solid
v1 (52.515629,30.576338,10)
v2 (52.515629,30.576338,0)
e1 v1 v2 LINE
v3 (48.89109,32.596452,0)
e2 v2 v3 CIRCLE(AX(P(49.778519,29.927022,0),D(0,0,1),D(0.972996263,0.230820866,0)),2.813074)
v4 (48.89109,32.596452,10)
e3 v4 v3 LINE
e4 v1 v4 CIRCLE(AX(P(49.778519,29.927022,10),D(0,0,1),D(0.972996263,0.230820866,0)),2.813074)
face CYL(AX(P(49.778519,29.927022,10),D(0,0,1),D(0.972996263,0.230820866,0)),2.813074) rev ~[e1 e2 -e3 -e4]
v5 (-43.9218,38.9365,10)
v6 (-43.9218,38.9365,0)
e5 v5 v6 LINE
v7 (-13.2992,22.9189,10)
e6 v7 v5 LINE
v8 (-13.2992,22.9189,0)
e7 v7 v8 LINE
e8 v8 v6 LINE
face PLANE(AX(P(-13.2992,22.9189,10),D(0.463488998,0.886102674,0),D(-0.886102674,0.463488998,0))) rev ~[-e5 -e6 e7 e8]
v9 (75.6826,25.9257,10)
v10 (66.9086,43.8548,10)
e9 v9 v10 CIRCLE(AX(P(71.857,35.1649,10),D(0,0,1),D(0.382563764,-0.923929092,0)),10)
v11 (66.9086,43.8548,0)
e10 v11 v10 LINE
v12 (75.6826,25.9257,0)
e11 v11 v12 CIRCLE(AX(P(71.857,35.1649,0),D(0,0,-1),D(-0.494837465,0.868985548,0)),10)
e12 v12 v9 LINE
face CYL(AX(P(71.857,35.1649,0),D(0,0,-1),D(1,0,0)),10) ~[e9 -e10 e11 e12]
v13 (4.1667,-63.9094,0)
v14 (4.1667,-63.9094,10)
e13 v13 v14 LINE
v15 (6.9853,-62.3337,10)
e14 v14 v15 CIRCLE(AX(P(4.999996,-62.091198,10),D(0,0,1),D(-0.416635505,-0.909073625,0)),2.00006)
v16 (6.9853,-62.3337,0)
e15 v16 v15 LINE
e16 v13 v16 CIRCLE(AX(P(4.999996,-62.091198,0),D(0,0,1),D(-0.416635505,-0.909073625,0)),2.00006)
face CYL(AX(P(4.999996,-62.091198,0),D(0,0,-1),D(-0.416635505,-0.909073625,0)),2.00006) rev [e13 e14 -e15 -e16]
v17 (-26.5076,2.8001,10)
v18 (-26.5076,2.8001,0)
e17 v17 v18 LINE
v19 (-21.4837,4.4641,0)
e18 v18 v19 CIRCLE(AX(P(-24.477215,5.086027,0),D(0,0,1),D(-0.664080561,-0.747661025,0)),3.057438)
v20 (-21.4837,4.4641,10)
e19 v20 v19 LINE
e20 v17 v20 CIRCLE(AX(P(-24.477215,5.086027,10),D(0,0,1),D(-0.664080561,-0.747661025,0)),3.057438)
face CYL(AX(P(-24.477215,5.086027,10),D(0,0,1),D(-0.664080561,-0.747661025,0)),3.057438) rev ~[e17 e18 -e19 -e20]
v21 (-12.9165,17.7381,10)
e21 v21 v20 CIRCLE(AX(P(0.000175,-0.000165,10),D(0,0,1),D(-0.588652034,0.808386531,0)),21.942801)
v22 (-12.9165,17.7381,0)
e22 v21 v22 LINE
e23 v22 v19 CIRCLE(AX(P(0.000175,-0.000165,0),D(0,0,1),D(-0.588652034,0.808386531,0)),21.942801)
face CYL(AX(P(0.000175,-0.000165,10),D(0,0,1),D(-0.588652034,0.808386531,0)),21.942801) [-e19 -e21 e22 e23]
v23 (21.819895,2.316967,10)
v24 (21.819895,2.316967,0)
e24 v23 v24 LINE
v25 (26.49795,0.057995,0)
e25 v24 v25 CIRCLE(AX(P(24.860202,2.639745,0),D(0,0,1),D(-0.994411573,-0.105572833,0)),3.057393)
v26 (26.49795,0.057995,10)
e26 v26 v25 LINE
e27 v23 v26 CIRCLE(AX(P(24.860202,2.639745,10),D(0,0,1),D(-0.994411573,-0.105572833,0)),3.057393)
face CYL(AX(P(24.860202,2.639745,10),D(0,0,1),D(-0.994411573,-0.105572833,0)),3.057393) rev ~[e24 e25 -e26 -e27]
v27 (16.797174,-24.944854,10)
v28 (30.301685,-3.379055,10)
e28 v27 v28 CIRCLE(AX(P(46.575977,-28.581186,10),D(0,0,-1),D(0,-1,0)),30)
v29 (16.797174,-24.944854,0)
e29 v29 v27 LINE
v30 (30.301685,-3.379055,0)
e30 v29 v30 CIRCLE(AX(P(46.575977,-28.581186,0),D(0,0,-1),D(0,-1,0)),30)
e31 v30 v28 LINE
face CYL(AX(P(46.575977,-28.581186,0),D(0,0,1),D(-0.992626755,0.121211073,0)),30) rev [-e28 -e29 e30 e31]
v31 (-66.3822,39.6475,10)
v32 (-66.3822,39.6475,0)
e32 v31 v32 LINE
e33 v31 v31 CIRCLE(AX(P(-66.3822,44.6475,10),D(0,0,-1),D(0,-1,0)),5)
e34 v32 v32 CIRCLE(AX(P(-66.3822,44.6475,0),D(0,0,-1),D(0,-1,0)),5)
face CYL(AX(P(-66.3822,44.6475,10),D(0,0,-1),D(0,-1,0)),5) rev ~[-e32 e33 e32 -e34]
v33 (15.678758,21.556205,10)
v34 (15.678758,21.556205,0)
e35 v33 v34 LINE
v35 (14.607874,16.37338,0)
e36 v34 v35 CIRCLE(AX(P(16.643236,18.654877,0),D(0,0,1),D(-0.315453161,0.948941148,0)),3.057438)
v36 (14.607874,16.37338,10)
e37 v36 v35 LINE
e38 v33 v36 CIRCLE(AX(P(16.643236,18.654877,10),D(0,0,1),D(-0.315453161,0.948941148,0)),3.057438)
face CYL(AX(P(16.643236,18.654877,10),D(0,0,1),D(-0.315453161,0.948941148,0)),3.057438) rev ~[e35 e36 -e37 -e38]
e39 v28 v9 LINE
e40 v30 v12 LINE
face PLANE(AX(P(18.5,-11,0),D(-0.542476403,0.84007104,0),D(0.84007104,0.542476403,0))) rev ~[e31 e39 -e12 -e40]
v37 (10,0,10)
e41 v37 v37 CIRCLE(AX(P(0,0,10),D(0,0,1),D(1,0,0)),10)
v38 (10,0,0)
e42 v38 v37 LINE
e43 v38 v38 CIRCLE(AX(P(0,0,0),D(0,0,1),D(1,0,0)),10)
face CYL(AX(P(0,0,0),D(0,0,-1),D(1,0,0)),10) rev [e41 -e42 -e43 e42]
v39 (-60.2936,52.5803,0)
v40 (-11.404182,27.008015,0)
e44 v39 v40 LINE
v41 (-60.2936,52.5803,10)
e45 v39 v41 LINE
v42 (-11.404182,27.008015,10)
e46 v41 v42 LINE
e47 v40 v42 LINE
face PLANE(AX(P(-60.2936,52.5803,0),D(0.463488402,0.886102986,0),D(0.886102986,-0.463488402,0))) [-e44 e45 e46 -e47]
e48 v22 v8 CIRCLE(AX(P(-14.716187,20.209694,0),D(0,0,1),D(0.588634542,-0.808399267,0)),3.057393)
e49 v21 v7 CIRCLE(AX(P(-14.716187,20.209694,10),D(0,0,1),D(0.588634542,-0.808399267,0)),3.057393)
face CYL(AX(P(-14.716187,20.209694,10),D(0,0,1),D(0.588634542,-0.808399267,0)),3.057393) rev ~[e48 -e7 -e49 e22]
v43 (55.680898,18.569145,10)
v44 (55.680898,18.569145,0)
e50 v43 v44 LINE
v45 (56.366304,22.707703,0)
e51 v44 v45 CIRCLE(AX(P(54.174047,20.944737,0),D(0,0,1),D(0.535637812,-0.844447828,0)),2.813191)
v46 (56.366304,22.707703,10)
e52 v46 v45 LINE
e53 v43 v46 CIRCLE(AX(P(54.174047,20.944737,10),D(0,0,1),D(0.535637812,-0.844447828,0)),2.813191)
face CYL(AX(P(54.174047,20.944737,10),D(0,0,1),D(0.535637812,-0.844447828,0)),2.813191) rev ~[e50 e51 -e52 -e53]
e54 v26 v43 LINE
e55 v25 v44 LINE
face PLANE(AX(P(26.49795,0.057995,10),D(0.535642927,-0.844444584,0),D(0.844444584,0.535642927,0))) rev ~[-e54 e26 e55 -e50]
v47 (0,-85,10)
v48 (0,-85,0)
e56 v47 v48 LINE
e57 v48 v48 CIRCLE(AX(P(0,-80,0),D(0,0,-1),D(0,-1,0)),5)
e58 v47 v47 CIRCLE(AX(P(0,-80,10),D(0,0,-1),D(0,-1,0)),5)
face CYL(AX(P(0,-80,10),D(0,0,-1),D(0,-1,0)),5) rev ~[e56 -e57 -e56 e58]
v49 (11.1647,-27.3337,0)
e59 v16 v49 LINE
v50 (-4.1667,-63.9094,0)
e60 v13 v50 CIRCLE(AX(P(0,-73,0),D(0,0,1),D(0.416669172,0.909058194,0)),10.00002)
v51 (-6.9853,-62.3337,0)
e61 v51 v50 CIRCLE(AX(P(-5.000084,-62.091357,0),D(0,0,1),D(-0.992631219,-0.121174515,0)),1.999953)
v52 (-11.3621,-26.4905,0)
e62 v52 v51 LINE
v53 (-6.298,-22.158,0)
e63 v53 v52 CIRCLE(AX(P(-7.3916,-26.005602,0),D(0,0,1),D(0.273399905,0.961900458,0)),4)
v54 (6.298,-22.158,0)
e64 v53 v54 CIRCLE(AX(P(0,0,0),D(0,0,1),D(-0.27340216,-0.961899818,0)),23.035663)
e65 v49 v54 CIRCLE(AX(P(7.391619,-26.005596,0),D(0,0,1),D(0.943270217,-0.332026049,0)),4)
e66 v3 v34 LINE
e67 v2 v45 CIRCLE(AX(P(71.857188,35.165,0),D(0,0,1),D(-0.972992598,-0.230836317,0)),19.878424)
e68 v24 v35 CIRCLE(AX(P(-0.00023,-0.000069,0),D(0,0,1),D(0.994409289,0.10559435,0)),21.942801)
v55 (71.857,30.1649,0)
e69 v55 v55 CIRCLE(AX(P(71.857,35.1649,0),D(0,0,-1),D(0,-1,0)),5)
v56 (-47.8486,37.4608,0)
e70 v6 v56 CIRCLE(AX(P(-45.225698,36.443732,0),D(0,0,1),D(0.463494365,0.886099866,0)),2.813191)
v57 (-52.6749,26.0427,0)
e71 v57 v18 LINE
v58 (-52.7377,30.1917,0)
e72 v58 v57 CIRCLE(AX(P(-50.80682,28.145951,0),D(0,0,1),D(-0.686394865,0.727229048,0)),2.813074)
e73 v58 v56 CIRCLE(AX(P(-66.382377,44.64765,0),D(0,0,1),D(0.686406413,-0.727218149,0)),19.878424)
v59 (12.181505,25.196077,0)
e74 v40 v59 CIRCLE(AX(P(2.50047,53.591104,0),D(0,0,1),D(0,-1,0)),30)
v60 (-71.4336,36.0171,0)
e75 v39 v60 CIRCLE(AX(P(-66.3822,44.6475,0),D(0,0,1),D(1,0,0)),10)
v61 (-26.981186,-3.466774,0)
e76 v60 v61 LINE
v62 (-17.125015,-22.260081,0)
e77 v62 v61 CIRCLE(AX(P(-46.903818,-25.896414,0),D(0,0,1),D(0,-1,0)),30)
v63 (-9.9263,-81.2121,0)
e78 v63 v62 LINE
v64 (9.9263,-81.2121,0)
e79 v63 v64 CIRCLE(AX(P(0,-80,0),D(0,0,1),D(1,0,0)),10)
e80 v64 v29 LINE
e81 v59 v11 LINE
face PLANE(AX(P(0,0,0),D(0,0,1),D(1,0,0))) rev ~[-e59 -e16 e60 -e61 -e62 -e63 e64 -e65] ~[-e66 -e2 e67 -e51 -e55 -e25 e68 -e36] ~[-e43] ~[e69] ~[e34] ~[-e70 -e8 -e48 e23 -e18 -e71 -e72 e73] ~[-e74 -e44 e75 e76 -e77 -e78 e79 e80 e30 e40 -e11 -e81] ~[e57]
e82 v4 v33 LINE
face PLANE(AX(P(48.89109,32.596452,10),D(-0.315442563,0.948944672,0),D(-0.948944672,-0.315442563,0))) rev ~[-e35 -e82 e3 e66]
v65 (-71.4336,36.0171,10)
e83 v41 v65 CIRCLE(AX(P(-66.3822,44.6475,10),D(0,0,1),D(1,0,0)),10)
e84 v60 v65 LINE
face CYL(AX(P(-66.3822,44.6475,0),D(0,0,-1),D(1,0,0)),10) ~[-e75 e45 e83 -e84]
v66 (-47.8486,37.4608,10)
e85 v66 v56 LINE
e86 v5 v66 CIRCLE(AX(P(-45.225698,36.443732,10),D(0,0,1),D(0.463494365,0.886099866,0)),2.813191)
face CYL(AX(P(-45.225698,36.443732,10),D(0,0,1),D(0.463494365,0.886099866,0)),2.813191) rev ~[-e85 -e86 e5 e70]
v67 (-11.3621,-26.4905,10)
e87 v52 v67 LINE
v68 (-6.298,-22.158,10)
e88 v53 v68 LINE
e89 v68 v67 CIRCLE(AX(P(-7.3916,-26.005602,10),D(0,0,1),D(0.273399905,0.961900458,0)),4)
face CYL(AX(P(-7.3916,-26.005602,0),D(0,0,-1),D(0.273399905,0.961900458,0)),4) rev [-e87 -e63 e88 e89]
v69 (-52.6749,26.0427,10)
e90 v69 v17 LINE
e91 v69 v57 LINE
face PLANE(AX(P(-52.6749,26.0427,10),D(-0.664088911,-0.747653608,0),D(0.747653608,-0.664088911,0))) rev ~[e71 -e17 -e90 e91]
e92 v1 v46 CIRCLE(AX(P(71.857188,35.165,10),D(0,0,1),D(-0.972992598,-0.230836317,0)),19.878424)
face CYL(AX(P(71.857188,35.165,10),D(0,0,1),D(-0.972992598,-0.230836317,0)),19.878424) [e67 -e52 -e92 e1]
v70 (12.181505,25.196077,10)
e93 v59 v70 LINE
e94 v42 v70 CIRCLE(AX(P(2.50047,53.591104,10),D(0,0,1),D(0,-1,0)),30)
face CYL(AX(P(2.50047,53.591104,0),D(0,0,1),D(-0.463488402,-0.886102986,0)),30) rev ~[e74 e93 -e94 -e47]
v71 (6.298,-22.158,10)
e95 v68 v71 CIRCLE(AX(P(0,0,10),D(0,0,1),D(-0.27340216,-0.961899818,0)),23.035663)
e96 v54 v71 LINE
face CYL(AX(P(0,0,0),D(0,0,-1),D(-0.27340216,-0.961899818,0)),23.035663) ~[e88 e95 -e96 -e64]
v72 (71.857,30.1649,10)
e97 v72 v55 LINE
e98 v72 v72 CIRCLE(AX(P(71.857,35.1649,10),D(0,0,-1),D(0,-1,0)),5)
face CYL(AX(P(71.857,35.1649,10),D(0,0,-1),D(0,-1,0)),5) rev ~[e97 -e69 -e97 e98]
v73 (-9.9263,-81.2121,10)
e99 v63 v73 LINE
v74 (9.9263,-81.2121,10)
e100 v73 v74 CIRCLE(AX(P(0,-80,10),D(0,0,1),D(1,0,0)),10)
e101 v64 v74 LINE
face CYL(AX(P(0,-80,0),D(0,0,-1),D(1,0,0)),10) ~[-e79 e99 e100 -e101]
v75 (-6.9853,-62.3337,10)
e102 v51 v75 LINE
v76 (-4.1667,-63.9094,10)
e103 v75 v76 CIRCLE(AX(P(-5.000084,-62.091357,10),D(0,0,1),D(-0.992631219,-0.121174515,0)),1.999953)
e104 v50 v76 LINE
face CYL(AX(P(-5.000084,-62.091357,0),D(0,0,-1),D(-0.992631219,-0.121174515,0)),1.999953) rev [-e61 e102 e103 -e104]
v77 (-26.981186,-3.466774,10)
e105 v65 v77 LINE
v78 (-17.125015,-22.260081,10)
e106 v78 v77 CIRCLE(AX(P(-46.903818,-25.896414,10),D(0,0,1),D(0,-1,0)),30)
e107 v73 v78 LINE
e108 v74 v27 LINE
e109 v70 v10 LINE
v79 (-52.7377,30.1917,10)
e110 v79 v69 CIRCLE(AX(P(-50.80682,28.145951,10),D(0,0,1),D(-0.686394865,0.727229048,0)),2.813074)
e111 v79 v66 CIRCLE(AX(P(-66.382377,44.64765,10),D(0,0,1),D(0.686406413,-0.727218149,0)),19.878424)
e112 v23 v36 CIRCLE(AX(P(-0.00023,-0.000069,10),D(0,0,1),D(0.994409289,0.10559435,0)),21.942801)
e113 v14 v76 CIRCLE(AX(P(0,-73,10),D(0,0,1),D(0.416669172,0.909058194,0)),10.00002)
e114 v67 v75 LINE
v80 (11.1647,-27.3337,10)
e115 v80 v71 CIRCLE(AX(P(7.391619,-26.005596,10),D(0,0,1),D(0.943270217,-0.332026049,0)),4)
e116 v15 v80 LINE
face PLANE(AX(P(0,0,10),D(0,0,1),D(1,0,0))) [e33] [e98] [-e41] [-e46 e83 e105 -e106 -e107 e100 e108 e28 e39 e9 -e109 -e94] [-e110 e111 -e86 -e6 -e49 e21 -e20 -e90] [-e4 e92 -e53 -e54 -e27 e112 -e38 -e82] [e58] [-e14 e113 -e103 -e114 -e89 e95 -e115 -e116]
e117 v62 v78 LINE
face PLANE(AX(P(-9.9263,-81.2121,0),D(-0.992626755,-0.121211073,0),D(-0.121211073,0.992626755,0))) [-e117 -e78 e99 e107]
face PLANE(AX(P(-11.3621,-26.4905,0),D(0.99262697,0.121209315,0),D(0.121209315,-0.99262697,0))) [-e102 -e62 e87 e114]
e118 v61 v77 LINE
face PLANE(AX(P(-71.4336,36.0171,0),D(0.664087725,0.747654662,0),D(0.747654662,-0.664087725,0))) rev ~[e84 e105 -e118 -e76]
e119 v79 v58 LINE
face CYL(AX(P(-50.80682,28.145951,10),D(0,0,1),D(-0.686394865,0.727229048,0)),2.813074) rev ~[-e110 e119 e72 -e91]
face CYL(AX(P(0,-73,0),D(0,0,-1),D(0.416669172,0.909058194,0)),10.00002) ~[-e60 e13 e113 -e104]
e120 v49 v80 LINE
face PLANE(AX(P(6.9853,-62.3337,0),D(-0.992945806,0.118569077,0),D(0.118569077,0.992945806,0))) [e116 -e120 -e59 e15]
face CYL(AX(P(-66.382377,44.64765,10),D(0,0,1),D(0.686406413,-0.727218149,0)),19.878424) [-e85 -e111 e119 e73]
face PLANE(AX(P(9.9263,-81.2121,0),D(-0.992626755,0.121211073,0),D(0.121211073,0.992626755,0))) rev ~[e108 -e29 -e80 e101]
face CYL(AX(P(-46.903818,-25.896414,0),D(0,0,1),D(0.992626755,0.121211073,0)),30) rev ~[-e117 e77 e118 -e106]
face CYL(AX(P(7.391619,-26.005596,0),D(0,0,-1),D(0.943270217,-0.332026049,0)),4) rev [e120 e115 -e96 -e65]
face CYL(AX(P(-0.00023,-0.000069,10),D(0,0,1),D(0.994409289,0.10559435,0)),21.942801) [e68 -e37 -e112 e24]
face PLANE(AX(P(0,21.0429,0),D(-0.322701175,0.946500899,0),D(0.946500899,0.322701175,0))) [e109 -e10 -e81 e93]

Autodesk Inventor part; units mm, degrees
ref_plane "YZ Plane" through (0, 0, 0) normal (1, 0, 0) x (0, 1, 0)
ref_plane "XZ Plane" through (0, 0, 0) normal (0, 1, 0) x (-1, 0, 0)
ref_plane "XY Plane" through (0, 0, 0) normal (0, 0, 1) x (1, 0, 0)
sketch "Skizze1" plane through (0, 0, 0) normal (0, 0, 1) x (1, 0, 0)
  line L0 (0, -80) -> (0, 80) construction
  line L1 (0, 0) -> (-126.7494, 85.2494) construction
  line L2 (0, 0) -> (174.2009, 85.2494) construction
  circle A0 centre (0, -80) radius 10
  line L3 (9.9263, -81.2121) -> (18.5, -11)
  line L4 (-9.9263, -81.2121) -> (-18.5, -11)
  arc A1 (11.1647, -27.3337) -> (6.298, -22.158) centre (7.3916, -26.0056) ccw
  arc A2 (-6.298, -22.158) -> (6.298, -22.158) centre (0, 0) ccw
  arc A3 (-6.298, -22.158) -> (-11.3621, -26.4905) centre (-7.3916, -26.0056) ccw
  circle A4 centre (0, 0) radius 10
  circle A5 centre (0, 0) radius 80 construction
  circle A6 centre (-66.3822, 44.6475) radius 10
  line L5 (-71.4336, 36.0171) -> (-18.5, -11)
  line L6 (-60.2936, 52.5803) -> (0, 21.0429)
  circle A7 centre (71.857, 35.1649) radius 10
  line L7 (18.5, -11) -> (75.6826, 25.9257)
  line L8 (0, 21.0429) -> (66.9086, 43.8548)
  line L9 (-11.3621, -26.4905) -> (-6.9853, -62.3337)
  arc A8 (-6.9853, -62.3337) -> (-4.1667, -63.9094) centre (-5, -62.0913) ccw
  arc A9 (4.1667, -63.9094) -> (-4.1667, -63.9094) centre (0, -73) ccw
  arc A10 (4.1667, -63.9094) -> (6.9853, -62.3337) centre (5, -62.0913) ccw
  line L10 (6.9853, -62.3337) -> (11.1647, -27.3337)
  dimension "d4" = 80
  dimension "d7" = 120
  dimension "d8" = 20
  dimension "d10" = 11
  dimension "d11" = 11
  dimension "d12" = 20
  dimension "d17" = 4
  dimension "d21" = 160
  dimension "d31" = 37
  dimension "d32" = 37
  dimension "d35" = 14
  dimension "d39" = 2
  dimension "d40" = 35.8432
  dimension "d41" = 7
  dimension "d43" = 35
  dimension "d71" = 10
  dimension "d77" = 10
extrude "Extrusion2" add sketch "Skizze1" along normal blind 10 contours A0 | A0 L4 L5 A6 L6 L8 A7 L7 L3 | A6 | A7 | L10 A10 A9 A8 L9 A3 A2 A1
sketch "Skizze4" plane through (0, 0, 10) normal (0, 0, 1) x (1, 0, 0)
  arc A0 (-9.9263, -81.2121) -> (9.9263, -81.2121) centre (0, -80) ccw projected
  point P0 (0, 0)
hole "Bohrung1" at (0, -80, 10) direction (0, 0, -1) diameter 10 depth 10
sketch "Skizze5" plane through (0, 0, 10) normal (0, 0, 1) x (1, 0, 0)
  arc A0 (-60.2936, 52.5803) -> (-71.4336, 36.0171) centre (-66.3822, 44.6475) ccw projected
  arc A1 (75.6826, 25.9257) -> (66.9086, 43.8548) centre (71.857, 35.1649) ccw projected
  point P0 (0, 0)
hole "Bohrung2" at (-66.3822, 44.6475, 10) at (71.857, 35.1649, 10) direction (0, 0, -1) diameter 10 depth 10
fillet "Rundung1" radius 30 3 edges at (0, 21.0429, 5) (18.5, -11, 5) (-18.5, -11, 5)
sketch "Skizze6" plane through (0, 0, 10) normal (0, 0, 1) x (1, 0, 0)
  circle A0 centre (-66.3822, 44.6475) radius 5 projected
  line L0 (0, 0) -> (-66.3822, 44.6475) construction
  arc A1 (-12.9165, 17.7381) -> (-21.4837, 4.4641) centre (0, 0) ccw
  circle A2 centre (0, 0) radius 10 projected
  arc A3 (-12.9165, 17.7381) -> (-13.2992, 22.9189) centre (-14.7162, 20.2097) ccw
  line L1 (-13.2992, 22.9189) -> (-43.9218, 38.9365)
  arc A4 (-43.9218, 38.9365) -> (-47.8486, 37.4608) centre (-45.2257, 36.4437) ccw
  arc A5 (-52.7377, 30.1917) -> (-47.8486, 37.4608) centre (-66.3822, 44.6475) ccw
  arc A6 (-52.7377, 30.1917) -> (-52.6749, 26.0427) centre (-50.8067, 28.1459) ccw
  line L2 (-52.6749, 26.0427) -> (-26.5076, 2.8001)
  arc A7 (-26.5076, 2.8001) -> (-21.4837, 4.4641) centre (-24.4772, 5.0861) ccw
  line L3 (-71.4336, 36.0171) -> (-26.9812, -3.4668) projected
  line L4 (-11.4042, 27.008) -> (-60.2936, 52.5803) projected
  dimension "d61" = 10
  dimension "d62" = 5
  dimension "d63" = 5
  dimension "d64" = 18
  dimension "d66" = 25
  dimension "d67" = 35
  dimension "d68" = 5
extrude "Extrusion4" cut sketch "Skizze6" against normal blind 10 contours A1 A7 L2 A6 A5 A4 L1 A3
pattern_circular "Runde Anordnung1" count 2 over 120 about axis through (0, 0, 0) along (0, 0, -1) of "Extrusion4"
extrude "Extrusion5" cut sketch "Skizze1" along normal blind 10 contours L10 A10 A9 A8 L9 A3 A2 A1
equation "\"d32\" = d31"
equation "\"d62\" = 0.5 * d61"
equation "\"d63\" = 0.5 * d61"
properties part number "yoyo" material "Stahl, galvanisiert"
